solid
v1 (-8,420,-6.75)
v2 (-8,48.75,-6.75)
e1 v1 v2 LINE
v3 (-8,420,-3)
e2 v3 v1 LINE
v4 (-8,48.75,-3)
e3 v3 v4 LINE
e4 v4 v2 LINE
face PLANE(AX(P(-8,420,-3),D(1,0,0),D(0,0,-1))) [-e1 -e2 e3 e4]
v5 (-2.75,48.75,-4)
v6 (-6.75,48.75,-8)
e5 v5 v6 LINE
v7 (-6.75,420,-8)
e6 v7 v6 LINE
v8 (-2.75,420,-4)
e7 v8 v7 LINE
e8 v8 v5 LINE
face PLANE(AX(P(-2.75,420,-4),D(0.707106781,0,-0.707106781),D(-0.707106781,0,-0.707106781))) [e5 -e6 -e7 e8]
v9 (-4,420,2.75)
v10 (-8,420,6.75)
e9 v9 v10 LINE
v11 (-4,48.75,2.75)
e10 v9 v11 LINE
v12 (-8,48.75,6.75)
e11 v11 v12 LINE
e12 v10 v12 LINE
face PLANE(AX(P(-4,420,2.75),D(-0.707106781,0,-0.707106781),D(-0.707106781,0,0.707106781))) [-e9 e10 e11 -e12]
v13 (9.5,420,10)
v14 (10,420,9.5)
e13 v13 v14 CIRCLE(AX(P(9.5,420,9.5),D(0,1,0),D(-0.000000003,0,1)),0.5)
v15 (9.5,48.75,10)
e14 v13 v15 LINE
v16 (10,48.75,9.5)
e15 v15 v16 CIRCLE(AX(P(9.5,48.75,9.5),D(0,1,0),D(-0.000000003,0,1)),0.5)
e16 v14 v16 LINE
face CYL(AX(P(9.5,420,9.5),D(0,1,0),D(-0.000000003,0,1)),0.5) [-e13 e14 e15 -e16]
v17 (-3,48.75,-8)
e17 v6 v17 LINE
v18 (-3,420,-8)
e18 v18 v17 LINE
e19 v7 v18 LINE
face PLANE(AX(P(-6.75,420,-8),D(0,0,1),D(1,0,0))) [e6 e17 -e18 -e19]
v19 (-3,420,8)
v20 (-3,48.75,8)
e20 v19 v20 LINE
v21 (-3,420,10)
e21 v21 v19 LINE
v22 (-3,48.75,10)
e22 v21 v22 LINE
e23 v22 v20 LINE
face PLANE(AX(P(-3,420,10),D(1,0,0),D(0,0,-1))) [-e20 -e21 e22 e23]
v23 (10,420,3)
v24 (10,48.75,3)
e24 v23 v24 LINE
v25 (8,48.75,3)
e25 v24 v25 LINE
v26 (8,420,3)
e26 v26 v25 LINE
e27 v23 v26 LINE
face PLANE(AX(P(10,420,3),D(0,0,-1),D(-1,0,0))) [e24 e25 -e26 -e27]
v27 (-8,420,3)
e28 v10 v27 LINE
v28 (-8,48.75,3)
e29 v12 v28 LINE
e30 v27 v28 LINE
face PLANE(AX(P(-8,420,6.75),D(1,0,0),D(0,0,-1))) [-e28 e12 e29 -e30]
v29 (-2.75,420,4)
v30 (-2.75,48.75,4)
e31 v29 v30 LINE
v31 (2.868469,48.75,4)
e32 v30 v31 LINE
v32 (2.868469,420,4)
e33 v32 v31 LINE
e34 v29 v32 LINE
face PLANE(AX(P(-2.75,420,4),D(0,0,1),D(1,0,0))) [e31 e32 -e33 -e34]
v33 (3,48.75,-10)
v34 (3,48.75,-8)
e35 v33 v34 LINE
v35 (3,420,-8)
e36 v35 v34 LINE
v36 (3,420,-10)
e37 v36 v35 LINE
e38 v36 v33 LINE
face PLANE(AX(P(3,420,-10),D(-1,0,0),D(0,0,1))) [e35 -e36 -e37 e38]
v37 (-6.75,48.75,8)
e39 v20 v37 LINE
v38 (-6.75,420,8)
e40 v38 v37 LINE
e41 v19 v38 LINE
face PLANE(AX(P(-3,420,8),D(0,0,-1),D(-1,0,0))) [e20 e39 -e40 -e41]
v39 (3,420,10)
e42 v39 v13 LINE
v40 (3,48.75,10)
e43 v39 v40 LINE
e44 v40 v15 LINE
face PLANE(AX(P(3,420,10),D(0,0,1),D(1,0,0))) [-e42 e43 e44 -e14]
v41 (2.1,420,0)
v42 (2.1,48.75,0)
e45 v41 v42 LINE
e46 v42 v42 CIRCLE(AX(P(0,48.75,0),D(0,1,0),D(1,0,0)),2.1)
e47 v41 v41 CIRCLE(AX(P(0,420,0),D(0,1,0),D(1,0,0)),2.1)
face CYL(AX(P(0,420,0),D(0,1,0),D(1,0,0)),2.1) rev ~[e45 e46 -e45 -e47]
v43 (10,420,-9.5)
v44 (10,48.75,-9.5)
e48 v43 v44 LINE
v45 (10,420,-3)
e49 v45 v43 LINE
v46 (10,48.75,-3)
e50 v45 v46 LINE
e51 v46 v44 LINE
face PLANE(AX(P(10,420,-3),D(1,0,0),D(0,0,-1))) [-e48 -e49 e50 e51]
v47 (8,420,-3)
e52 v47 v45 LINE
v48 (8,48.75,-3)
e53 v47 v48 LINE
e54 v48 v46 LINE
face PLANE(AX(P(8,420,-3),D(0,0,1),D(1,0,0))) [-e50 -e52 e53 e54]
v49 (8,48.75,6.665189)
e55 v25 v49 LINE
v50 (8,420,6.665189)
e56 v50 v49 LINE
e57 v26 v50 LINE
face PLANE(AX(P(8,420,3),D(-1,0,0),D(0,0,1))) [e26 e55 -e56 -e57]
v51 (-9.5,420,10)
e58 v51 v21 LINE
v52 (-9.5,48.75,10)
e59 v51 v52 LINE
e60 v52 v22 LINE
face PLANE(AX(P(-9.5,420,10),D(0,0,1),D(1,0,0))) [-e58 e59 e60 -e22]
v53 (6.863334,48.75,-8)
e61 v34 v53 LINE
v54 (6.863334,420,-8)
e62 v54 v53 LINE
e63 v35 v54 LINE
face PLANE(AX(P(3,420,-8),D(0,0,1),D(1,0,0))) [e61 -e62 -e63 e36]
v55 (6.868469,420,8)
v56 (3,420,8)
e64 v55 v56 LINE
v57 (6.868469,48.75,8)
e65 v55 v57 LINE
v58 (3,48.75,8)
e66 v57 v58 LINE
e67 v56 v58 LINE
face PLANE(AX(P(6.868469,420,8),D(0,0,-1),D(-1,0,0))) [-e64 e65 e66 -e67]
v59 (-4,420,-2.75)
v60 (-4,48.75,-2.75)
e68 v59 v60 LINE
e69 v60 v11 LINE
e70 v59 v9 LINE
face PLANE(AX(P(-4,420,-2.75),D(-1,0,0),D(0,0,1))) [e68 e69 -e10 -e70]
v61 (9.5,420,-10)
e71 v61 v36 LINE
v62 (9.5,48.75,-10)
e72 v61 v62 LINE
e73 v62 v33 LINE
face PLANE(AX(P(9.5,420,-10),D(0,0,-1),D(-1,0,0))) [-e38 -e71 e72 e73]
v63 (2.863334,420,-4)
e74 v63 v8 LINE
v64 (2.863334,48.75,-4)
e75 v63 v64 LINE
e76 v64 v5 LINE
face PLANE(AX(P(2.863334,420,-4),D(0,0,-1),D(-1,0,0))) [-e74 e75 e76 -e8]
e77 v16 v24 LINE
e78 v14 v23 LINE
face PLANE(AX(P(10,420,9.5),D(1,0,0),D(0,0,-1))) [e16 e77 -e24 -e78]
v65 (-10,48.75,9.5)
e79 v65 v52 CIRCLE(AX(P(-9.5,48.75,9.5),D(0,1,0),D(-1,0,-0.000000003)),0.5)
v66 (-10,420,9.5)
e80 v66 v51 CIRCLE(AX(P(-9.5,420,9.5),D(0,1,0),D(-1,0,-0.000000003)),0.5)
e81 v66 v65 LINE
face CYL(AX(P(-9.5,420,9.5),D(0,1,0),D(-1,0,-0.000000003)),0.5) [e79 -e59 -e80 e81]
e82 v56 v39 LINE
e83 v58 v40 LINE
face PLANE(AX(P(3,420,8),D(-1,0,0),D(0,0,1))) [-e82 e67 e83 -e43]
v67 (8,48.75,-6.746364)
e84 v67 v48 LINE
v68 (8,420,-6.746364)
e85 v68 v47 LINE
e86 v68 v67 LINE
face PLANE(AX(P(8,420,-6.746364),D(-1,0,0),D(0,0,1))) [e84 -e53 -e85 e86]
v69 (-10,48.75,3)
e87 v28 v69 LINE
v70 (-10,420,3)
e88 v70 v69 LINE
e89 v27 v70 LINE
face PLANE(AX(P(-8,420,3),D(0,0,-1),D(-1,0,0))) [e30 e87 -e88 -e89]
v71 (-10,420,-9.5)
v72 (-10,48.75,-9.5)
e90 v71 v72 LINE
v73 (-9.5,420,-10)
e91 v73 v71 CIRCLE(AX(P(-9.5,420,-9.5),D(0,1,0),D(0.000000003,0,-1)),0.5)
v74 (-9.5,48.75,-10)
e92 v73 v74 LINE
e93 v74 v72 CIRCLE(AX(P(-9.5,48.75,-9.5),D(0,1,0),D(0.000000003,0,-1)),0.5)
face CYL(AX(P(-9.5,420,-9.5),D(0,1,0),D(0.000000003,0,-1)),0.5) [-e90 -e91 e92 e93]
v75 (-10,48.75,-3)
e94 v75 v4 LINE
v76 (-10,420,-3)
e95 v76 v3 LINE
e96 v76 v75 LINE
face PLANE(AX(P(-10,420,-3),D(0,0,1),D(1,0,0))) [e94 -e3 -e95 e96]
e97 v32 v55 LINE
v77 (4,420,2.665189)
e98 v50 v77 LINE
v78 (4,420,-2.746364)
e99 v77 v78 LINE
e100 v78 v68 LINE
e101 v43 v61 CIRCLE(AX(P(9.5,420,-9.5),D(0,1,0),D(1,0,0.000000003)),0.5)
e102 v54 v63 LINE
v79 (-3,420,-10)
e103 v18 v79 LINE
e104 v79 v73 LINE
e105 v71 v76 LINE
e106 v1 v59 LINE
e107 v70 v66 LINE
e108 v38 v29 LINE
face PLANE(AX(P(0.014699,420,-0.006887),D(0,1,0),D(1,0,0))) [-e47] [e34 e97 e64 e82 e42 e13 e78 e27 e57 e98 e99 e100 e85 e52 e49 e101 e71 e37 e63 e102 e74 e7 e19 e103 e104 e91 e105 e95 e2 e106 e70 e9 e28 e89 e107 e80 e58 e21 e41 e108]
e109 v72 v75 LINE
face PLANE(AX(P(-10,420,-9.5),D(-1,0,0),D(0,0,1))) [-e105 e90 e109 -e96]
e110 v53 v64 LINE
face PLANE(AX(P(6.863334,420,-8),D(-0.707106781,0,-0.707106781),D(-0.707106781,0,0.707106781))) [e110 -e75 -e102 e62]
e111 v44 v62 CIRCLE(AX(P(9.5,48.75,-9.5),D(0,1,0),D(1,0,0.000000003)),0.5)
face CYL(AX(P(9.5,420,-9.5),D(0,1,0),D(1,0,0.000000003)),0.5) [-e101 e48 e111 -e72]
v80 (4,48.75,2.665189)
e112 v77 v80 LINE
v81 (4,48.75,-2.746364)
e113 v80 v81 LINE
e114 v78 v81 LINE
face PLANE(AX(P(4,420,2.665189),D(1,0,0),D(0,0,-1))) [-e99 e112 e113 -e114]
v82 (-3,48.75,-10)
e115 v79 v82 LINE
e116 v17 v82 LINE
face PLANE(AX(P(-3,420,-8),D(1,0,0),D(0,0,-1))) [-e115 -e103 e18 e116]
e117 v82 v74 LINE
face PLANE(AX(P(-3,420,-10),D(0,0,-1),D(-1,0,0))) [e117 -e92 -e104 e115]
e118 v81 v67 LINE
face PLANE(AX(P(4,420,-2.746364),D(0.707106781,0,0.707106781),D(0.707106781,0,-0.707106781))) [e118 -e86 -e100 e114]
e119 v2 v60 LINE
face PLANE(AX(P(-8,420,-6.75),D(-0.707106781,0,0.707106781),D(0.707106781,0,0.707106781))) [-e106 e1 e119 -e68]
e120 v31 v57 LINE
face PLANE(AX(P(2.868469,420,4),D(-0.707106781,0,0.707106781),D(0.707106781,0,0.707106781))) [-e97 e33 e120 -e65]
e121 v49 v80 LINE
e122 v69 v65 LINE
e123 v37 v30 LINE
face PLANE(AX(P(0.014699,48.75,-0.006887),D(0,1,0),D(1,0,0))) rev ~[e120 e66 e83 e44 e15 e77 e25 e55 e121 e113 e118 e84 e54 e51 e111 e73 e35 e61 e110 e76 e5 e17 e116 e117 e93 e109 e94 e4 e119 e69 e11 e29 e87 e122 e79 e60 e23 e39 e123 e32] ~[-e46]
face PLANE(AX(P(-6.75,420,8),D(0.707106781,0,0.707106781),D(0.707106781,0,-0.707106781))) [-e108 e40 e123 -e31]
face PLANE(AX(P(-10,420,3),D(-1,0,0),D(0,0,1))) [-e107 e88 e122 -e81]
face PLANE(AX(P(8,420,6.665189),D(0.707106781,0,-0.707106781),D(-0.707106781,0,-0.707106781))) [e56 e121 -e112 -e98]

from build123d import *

# Parameters (mm, degrees)
SKETCH1_R           = 2.1
BOSS_EXTRUDE1_DEPTH = 371.25


with BuildPart() as part:
    # Sketch1 → Boss-Extrude1 (new body)
    with BuildSketch(Plane(origin=(0, 420, 0), x_dir=(1, 0, 0), z_dir=(0, 1, 0))):
        with BuildLine():
            Line((4, 2.746364236), (8, 6.746364236))
            Line((8, 6.746364236), (8, 3))
            Line((8, 3), (10, 3))
            Line((10, 3), (10, 9.5))
            ThreePointArc((10, 9.5), (9.853553391, 9.853553391), (9.5, 10))
            Line((9.5, 10), (3, 10))
            Line((3, 10), (3, 8))
            Line((3, 8), (6.863334179, 8))
            Line((6.863334179, 8), (2.863334179, 4))
            Line((2.863334179, 4), (-2.75, 4))
            Line((-2.75, 4), (-6.75, 8))
            Line((-6.75, 8), (-3, 8))
            Line((-3, 8), (-3, 10))
            Line((-3, 10), (-9.5, 10))
            ThreePointArc((-9.5, 10), (-9.853553391, 9.853553391), (-10, 9.5))
            Line((-10, 9.5), (-10, 3))
            Line((-10, 3), (-8, 3))
            Line((-8, 3), (-8, 6.75))
            Line((-8, 6.75), (-4, 2.75))
            Line((-4, 2.75), (-4, -2.75))
            Line((-4, -2.75), (-8, -6.75))
            Line((-8, -6.75), (-8, -3))
            Line((-8, -3), (-10, -3))
            Line((-10, -3), (-10, -9.5))
            ThreePointArc((-10, -9.5), (-9.853553391, -9.853553391), (-9.5, -10))
            Line((-9.5, -10), (-3, -10))
            Line((-3, -10), (-3, -8))
            Line((-3, -8), (-6.75, -8))
            Line((-6.75, -8), (-2.75, -4))
            Line((-2.75, -4), (2.868469119, -4))
            Line((2.868469119, -4), (6.868469119, -8))
            Line((6.868469119, -8), (3, -8))
            Line((3, -8), (3, -10))
            Line((3, -10), (9.5, -10))
            ThreePointArc((9.5, -10), (9.853553391, -9.853553391), (10, -9.5))
            Line((10, -9.5), (10, -3))
            Line((10, -3), (8, -3))
            Line((8, -3), (8, -6.665189266))
            Line((8, -6.665189266), (4, -2.665189266))
            Line((4, -2.665189266), (4, 2.746364236))
        make_face()
        Circle(SKETCH1_R, mode=Mode.SUBTRACT)
    extrude(amount=-BOSS_EXTRUDE1_DEPTH)


solid = part.part
